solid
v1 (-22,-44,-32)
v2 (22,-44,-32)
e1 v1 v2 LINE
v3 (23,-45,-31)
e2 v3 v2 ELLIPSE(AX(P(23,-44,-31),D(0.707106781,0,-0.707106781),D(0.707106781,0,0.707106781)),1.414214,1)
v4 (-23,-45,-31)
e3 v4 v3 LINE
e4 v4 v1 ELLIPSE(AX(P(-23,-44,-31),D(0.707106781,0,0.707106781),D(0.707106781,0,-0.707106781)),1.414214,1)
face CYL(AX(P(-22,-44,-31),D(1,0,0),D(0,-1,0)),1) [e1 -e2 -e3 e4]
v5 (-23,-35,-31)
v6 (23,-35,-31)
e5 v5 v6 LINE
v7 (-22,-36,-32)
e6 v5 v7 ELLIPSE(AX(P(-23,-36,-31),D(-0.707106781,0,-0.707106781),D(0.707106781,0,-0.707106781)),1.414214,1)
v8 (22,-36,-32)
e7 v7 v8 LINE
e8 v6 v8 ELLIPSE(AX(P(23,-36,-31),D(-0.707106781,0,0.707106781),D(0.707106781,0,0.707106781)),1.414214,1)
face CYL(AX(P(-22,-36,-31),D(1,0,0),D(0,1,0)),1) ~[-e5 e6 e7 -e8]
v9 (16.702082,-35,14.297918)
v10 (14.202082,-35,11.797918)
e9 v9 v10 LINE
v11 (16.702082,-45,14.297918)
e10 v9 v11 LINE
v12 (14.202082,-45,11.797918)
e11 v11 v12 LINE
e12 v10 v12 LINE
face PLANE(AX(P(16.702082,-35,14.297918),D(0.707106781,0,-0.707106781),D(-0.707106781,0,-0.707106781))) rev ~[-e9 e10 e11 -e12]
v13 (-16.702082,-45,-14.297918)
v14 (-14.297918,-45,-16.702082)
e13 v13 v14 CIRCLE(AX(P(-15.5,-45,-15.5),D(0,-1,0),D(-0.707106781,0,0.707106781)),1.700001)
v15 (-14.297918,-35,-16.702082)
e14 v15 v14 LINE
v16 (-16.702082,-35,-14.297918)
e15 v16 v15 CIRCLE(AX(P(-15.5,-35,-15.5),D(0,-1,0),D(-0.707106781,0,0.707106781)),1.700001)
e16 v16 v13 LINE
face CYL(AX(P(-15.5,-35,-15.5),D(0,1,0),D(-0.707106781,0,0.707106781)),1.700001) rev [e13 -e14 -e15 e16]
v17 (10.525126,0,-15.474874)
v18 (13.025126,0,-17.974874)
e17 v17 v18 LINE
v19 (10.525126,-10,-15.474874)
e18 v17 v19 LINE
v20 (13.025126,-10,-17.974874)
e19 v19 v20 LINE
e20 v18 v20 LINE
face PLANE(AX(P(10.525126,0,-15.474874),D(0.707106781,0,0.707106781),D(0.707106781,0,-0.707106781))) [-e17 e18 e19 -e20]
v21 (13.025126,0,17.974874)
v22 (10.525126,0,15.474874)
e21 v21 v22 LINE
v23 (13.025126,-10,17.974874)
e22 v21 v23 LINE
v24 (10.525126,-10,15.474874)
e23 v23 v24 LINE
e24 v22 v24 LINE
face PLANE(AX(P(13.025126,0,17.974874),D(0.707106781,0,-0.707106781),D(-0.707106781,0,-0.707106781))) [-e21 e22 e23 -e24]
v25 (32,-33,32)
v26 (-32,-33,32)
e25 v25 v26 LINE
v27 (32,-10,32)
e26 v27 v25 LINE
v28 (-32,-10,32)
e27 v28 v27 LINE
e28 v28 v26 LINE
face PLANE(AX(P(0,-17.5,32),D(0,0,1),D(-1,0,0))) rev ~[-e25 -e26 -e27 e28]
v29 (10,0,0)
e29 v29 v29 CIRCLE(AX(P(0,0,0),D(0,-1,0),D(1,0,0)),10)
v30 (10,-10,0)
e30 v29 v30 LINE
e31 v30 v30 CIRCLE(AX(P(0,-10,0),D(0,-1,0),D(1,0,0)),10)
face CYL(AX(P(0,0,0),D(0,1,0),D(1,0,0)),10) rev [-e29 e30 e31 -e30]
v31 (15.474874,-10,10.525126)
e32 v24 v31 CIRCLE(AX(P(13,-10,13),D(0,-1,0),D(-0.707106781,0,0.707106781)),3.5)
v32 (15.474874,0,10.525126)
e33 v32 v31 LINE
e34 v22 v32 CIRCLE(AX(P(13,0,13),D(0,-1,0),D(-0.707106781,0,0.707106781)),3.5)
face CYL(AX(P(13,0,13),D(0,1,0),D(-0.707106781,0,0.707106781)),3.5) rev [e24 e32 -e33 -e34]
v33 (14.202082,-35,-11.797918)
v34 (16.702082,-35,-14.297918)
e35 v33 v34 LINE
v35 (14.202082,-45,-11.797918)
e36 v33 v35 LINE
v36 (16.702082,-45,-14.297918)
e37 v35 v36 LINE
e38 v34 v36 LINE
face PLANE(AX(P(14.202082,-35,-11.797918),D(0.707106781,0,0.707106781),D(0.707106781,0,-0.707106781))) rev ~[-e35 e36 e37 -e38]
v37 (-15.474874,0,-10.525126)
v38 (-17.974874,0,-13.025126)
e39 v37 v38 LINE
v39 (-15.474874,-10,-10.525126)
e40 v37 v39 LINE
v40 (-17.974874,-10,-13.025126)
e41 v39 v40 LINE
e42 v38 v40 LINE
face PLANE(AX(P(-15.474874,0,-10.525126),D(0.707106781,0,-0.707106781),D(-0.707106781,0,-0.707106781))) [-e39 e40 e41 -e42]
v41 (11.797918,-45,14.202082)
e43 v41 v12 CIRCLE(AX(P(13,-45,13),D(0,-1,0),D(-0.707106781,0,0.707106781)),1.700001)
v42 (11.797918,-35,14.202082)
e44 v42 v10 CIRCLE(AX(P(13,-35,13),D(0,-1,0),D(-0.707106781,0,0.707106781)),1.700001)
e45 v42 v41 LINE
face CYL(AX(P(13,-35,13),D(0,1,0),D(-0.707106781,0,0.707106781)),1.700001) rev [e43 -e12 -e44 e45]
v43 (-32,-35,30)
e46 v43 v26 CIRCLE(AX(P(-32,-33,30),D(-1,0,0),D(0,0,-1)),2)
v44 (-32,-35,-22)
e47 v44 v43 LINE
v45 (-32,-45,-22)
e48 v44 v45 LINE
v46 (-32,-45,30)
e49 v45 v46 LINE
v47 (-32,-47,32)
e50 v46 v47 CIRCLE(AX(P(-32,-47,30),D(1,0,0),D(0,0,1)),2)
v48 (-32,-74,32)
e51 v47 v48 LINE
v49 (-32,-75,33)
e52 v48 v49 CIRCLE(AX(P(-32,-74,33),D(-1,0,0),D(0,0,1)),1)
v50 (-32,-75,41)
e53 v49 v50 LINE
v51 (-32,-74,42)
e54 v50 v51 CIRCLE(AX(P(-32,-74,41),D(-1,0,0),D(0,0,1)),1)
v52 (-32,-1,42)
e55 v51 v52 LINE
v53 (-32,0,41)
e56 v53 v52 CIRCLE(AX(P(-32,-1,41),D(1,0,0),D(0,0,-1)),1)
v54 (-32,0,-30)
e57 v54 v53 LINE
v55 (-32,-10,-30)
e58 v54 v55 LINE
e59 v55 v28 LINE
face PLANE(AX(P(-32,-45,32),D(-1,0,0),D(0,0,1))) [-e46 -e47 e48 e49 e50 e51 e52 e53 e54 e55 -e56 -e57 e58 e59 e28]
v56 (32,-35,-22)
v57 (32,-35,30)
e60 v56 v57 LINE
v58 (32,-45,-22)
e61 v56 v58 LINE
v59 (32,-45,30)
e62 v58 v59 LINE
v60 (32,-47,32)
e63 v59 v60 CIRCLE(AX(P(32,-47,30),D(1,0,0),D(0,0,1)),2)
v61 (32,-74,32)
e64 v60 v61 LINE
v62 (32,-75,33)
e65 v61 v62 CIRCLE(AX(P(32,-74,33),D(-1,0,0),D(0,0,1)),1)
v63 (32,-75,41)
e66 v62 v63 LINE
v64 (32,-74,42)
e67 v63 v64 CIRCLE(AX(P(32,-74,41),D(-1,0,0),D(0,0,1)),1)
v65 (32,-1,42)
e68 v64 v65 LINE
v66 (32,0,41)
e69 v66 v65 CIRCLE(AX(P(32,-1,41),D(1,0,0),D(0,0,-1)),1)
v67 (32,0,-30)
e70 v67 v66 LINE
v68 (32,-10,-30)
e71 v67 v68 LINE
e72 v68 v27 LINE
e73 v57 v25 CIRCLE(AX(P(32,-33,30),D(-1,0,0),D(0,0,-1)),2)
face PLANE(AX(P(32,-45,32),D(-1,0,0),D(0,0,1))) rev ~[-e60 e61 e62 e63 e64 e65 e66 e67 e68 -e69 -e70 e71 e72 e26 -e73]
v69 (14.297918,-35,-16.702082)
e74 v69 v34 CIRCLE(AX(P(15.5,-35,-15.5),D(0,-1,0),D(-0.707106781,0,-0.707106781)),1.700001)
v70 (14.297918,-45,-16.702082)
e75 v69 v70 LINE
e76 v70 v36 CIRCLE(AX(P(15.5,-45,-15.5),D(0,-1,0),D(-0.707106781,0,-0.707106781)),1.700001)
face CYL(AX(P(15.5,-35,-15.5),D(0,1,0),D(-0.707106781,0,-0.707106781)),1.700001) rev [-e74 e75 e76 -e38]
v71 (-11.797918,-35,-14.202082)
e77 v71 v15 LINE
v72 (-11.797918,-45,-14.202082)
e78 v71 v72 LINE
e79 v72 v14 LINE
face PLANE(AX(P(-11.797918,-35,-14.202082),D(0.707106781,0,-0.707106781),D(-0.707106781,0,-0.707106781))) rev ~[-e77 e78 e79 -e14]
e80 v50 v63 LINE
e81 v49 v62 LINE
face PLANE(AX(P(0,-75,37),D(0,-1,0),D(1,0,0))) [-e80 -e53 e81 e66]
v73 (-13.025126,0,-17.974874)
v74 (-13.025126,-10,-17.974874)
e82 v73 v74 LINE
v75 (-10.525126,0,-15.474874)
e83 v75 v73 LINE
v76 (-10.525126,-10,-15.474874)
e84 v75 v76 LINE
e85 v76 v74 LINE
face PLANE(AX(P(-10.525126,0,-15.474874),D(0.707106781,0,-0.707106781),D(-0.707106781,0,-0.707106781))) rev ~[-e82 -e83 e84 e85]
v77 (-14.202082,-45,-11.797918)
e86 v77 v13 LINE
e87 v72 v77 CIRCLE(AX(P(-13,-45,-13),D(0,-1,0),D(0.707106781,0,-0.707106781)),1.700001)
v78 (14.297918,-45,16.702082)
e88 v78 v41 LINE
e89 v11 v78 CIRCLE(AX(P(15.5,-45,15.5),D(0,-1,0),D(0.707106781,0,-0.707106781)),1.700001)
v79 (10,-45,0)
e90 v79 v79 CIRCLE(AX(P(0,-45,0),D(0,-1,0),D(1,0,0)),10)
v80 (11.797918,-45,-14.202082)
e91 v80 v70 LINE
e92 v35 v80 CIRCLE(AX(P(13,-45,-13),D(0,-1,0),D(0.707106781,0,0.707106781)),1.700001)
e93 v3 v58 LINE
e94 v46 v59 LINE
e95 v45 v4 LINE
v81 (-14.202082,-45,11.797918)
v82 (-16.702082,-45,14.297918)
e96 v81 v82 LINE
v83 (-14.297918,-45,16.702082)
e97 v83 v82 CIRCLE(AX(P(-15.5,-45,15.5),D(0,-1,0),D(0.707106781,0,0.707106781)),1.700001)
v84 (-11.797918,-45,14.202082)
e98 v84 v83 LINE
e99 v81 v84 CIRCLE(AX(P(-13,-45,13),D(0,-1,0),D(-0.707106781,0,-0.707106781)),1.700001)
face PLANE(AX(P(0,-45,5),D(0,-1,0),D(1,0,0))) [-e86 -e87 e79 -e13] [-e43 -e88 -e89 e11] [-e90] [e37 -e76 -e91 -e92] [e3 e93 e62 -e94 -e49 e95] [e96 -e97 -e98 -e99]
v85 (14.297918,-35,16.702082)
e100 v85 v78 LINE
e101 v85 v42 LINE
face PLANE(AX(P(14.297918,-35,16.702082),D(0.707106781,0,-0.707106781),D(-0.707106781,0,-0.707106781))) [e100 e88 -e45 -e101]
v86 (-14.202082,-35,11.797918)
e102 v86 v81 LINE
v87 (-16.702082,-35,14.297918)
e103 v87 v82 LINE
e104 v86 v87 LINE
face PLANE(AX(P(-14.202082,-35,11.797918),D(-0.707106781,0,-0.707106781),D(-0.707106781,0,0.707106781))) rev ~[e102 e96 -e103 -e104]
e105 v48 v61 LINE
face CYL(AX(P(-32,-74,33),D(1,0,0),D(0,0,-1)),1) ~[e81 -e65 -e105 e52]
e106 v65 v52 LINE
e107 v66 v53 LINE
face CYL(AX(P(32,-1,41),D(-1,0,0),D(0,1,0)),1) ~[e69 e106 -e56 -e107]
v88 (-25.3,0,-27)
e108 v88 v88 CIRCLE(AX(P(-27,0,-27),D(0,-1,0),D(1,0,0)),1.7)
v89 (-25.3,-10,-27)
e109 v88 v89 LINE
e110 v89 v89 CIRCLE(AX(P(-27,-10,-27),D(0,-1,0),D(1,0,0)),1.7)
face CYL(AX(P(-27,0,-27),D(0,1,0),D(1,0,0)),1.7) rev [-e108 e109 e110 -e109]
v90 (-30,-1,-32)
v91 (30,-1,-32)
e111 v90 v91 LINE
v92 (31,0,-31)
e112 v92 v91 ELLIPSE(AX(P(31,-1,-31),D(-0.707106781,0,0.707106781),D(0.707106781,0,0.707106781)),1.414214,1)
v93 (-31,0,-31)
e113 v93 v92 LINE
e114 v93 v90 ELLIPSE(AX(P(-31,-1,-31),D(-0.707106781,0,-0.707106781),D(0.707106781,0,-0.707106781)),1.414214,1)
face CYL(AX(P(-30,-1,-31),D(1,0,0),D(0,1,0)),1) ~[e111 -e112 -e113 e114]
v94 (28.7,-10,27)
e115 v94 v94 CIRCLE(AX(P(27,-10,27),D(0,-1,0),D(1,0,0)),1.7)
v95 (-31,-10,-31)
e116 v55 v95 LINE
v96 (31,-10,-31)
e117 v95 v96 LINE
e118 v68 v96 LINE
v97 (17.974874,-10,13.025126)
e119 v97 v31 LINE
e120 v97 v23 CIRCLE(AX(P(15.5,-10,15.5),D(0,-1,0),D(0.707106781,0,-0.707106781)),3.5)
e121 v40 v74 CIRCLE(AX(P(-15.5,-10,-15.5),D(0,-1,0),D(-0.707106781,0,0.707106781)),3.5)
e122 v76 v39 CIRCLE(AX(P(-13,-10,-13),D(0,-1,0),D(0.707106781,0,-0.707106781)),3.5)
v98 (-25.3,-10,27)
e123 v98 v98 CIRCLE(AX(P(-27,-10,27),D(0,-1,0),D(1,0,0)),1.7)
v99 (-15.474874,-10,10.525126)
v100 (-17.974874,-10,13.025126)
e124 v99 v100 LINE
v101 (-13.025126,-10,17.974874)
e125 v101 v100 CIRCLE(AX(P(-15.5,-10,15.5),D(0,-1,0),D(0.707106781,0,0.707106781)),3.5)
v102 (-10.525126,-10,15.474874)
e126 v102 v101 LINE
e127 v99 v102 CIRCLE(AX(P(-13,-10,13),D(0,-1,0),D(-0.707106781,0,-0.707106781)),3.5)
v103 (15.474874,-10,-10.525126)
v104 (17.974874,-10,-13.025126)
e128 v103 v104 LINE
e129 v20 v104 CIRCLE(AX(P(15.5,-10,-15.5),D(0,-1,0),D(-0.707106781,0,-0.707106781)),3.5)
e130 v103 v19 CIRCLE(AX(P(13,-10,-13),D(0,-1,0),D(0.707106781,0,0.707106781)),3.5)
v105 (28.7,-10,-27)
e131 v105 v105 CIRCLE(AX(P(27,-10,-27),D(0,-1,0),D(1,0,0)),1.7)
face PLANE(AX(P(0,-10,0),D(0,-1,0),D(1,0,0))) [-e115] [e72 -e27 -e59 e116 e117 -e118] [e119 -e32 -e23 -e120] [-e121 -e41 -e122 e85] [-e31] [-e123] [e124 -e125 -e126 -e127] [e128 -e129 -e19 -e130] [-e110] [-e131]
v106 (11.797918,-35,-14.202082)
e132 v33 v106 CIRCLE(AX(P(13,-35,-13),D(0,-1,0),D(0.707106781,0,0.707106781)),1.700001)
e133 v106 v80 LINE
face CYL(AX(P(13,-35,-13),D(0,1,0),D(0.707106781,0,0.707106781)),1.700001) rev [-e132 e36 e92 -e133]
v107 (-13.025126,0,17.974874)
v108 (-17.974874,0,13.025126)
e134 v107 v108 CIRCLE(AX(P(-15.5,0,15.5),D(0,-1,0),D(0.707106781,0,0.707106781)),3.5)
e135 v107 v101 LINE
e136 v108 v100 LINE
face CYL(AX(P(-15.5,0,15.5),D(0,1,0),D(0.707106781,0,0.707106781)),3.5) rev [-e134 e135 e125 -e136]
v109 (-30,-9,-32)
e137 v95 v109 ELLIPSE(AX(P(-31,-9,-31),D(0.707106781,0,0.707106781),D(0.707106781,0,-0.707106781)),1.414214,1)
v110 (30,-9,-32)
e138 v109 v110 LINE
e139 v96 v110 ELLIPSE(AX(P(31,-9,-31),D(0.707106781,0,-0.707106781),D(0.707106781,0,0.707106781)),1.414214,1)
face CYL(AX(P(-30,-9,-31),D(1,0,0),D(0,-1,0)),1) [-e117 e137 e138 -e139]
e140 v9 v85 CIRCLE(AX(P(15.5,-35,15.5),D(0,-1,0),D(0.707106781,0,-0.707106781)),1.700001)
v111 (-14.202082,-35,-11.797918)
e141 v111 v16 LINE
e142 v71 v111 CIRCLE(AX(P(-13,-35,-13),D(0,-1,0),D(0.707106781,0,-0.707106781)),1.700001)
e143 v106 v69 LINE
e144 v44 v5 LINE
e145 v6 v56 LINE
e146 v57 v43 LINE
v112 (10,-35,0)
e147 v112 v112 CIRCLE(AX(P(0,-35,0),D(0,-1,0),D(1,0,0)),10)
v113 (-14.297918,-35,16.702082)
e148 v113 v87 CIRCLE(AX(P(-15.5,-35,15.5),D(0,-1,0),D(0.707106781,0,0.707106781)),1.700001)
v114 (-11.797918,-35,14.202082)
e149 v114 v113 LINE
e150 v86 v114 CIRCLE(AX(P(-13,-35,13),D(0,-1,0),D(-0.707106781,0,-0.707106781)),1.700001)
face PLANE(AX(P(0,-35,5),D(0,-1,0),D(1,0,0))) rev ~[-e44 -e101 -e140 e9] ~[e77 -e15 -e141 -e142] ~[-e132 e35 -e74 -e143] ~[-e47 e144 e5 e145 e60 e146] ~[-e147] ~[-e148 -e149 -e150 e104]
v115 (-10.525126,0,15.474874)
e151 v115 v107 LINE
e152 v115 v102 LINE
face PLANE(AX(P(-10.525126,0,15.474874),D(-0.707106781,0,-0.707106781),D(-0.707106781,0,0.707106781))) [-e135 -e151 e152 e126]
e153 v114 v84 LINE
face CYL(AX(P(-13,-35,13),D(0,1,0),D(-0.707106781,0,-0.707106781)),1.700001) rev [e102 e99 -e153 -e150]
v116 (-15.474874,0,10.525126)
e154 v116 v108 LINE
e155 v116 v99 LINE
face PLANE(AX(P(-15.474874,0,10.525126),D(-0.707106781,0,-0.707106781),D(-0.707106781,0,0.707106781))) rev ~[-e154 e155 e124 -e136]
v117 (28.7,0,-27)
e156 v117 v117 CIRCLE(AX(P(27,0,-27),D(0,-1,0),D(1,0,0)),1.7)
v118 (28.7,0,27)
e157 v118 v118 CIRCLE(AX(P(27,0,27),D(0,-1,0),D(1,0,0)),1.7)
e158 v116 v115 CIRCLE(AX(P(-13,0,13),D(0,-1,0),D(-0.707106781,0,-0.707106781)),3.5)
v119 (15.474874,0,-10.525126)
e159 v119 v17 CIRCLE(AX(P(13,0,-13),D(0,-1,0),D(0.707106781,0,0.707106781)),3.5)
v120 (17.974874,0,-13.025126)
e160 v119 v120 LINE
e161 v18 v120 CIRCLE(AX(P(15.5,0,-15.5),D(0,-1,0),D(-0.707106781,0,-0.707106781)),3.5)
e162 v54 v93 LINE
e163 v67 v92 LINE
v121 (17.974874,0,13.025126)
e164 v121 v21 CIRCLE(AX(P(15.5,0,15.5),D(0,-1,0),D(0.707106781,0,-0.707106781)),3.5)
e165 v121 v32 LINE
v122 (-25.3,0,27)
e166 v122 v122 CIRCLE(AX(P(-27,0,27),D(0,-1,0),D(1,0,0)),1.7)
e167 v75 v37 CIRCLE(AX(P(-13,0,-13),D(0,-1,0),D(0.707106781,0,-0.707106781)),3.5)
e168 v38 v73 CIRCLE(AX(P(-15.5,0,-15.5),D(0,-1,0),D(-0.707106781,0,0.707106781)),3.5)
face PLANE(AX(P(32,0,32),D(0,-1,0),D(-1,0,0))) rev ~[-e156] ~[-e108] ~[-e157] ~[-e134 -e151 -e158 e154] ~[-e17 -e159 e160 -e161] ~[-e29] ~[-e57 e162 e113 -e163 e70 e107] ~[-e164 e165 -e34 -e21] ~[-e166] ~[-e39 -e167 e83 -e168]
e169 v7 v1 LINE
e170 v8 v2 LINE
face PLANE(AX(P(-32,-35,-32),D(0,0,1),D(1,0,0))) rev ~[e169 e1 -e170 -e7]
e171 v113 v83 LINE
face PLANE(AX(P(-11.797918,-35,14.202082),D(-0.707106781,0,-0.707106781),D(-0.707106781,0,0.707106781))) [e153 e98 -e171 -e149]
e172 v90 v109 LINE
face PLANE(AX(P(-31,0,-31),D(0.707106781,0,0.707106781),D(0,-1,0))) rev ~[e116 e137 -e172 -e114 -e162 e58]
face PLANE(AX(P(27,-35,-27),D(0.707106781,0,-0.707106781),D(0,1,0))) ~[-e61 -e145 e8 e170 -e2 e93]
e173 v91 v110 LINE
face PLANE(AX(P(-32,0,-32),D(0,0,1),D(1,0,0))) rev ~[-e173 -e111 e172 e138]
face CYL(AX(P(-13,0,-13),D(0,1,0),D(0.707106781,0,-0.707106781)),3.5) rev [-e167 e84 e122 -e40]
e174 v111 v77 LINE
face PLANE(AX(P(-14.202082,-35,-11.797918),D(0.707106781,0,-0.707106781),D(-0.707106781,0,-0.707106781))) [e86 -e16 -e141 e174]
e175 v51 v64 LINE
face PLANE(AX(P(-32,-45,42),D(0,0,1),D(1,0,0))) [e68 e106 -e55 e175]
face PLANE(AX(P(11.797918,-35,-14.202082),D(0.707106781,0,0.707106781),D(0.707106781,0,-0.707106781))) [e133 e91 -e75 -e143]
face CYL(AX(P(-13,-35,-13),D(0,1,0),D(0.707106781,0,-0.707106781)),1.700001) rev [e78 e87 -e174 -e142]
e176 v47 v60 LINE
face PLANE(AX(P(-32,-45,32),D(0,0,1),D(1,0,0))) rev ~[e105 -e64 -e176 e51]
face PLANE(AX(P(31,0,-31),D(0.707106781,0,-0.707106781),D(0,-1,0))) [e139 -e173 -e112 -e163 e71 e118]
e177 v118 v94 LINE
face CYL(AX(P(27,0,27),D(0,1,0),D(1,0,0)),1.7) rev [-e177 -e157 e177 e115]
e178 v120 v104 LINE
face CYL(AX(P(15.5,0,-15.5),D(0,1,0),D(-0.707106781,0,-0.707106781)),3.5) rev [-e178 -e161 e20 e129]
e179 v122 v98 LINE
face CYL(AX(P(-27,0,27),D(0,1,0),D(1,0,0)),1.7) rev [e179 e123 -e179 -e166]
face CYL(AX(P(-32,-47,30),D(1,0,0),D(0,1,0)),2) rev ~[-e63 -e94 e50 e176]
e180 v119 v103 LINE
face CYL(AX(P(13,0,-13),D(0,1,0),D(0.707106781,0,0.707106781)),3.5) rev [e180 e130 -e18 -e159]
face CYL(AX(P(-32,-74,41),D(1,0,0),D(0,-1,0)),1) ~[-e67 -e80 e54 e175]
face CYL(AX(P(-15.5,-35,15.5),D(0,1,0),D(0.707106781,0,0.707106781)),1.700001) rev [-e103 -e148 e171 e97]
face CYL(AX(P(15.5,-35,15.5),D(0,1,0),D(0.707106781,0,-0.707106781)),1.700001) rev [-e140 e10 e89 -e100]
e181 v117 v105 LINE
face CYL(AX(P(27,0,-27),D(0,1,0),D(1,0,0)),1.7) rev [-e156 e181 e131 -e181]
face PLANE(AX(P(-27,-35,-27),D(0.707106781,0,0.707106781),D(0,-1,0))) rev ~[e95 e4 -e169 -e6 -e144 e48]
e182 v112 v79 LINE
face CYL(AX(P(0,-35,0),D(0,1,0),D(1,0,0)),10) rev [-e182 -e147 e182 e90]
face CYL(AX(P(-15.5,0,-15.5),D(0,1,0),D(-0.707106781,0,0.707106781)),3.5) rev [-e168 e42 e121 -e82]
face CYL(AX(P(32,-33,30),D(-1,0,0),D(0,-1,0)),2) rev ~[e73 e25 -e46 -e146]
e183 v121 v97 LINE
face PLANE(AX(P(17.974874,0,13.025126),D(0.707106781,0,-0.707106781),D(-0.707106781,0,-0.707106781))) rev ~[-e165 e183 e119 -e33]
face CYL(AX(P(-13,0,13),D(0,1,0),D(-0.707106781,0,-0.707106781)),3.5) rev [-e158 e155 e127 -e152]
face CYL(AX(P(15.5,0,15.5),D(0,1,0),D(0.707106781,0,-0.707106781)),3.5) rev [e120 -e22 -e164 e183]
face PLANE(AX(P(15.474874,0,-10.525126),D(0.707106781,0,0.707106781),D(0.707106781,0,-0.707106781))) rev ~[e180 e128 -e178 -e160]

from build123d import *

# Parameters (mm, degrees)
SKETCH_W        = 64
SKETCH_H        = 64
SKETCH_R        = 10
SKETCH_R_2      = 1.7
PAD_DEPTH       = 10
SKETCH001_W     = 64
SKETCH001_H     = 35
PAD001_DEPTH    = 10
SKETCH002_W     = 64
SKETCH002_H     = 74
SKETCH002_R     = 10
PAD002_DEPTH    = 10
SKETCH003_W     = 64
SKETCH003_H     = 10
PAD003_DEPTH    = 30
CHAMFER_SIZE    = 2
CHAMFER001_SIZE = 10
FILLET_R        = 2
FILLET001_R     = 1


with BuildPart() as part:
    # Sketch → Pad (new body)
    with BuildSketch(Plane.XZ):
        Rectangle(SKETCH_W, SKETCH_H)
        Circle(SKETCH_R, mode=Mode.SUBTRACT)
        with Locations((27, 27)):
            Circle(SKETCH_R_2, mode=Mode.SUBTRACT)
        with Locations((-27, -27)):
            Circle(SKETCH_R_2, mode=Mode.SUBTRACT)
        with Locations((-27, 27)):
            Circle(SKETCH_R_2, mode=Mode.SUBTRACT)
        with Locations((27, -27)):
            Circle(SKETCH_R_2, mode=Mode.SUBTRACT)
        with BuildLine():
            ThreePointArc((10.525126, 15.474874), (10.525126, 10.525126), (15.474874, 10.525126))
            Line((17.974874, 13.025126), (15.474874, 10.525126))
            ThreePointArc((17.974874, 13.025126), (17.974874, 17.974874), (13.025126, 17.974874))
            Line((13.025126, 17.974874), (10.525126, 15.474874))
        make_face(mode=Mode.SUBTRACT)
        with BuildLine():
            ThreePointArc((-13.025126, 17.974874), (-17.974874, 17.974874), (-17.974874, 13.025126))
            Line((-15.474874, 10.525126), (-17.974874, 13.025126))
            ThreePointArc((-15.474874, 10.525126), (-10.525126, 10.525126), (-10.525126, 15.474874))
            Line((-10.525126, 15.474874), (-13.025126, 17.974874))
        make_face(mode=Mode.SUBTRACT)
        with BuildLine():
            ThreePointArc((13.025126, -17.974874), (17.974874, -17.974874), (17.974874, -13.025126))
            Line((15.474874, -10.525126), (17.974874, -13.025126))
            ThreePointArc((15.474874, -10.525126), (10.525126, -10.525126), (10.525126, -15.474874))
            Line((10.525126, -15.474874), (13.025126, -17.974874))
        make_face(mode=Mode.SUBTRACT)
        with BuildLine():
            ThreePointArc((-17.974874, -13.025126), (-17.974874, -17.974874), (-13.025126, -17.974874))
            Line((-10.525126, -15.474874), (-13.025126, -17.974874))
            ThreePointArc((-10.525126, -15.474874), (-10.525126, -10.525126), (-15.474874, -10.525126))
            Line((-15.474874, -10.525126), (-17.974874, -13.025126))
        make_face(mode=Mode.SUBTRACT)
    extrude(amount=PAD_DEPTH)

    # Sketch001 (on Face3 of Pad) → Pad001 (join)
    with BuildSketch(Plane(origin=(0, 0, 32), x_dir=(-1, 0, 0), z_dir=(0, 0, 1))):
        with Locations((0, 17.5)):
            Rectangle(SKETCH001_W, SKETCH001_H)
    extrude(amount=PAD001_DEPTH)

    # Sketch002 (on Face31 of Pad001) → Pad002 (join)
    with BuildSketch(Plane.XZ.offset(35)):
        with Locations((0, 5)):
            Rectangle(SKETCH002_W, SKETCH002_H)
        Circle(SKETCH002_R, mode=Mode.SUBTRACT)
        with BuildLine():
            ThreePointArc((11.797918, 14.202082), (11.797918, 11.797918), (14.202082, 11.797918))
            Line((16.702082, 14.297918), (14.202082, 11.797918))
            ThreePointArc((16.702082, 14.297918), (16.702082, 16.702082), (14.297918, 16.702082))
            Line((14.297918, 16.702082), (11.797918, 14.202082))
        make_face(mode=Mode.SUBTRACT)
        with BuildLine():
            ThreePointArc((14.297918, -16.702082), (16.702082, -16.702082), (16.702082, -14.297918))
            Line((14.202082, -11.797918), (16.702082, -14.297918))
            ThreePointArc((14.202082, -11.797918), (11.797918, -11.797918), (11.797918, -14.202082))
            Line((11.797918, -14.202082), (14.297918, -16.702082))
        make_face(mode=Mode.SUBTRACT)
        with BuildLine():
            ThreePointArc((-14.297918, 16.702082), (-16.702082, 16.702082), (-16.702082, 14.297918))
            Line((-14.202082, 11.797918), (-16.702082, 14.297918))
            ThreePointArc((-14.202082, 11.797918), (-11.797918, 11.797918), (-11.797918, 14.202082))
            Line((-11.797918, 14.202082), (-14.297918, 16.702082))
        make_face(mode=Mode.SUBTRACT)
        with BuildLine():
            ThreePointArc((-16.702082, -14.297918), (-16.702082, -16.702082), (-14.297918, -16.702082))
            Line((-11.797918, -14.202082), (-14.297918, -16.702082))
            ThreePointArc((-11.797918, -14.202082), (-11.797918, -11.797918), (-14.202082, -11.797918))
            Line((-14.202082, -11.797918), (-16.702082, -14.297918))
        make_face(mode=Mode.SUBTRACT)
    extrude(amount=PAD002_DEPTH)

    # Sketch003 (on Face37 of Pad002) → Pad003 (join)
    with BuildSketch(Plane.XZ.offset(45)):
        with Locations((0, 37)):
            Rectangle(SKETCH003_W, SKETCH003_H)
    extrude(amount=PAD003_DEPTH)

    # Chamfer
    chamfer_edges = [part.edges().sort_by_distance(p)[0] for p in [
        (32, -5, -32),
        (-32, -5, -32),
    ]]
    chamfer(chamfer_edges, length=CHAMFER_SIZE)

    # Chamfer001
    chamfer001_edges = [part.edges().sort_by_distance(p)[0] for p in [
        (-32, -40, -32),
        (32, -40, -32),
    ]]
    chamfer(chamfer001_edges, length=CHAMFER001_SIZE)

    # Fillet
    fillet_edges = [part.edges().sort_by_distance(p)[0] for p in [
        (0, -35, 32),
        (0, -45, 32),
    ]]
    fillet(fillet_edges, radius=FILLET_R)

    # Fillet001
    fillet001_edges = [part.edges().sort_by_distance(p)[0] for p in [
        (0, -75, 42),
        (0, -75, 32),
        (0, 0, 42),
        (0, -35, -32),
        (0, 0, -32),
        (0, -45, -32),
        (0, -10, -32),
    ]]
    fillet(fillet001_edges, radius=FILLET001_R)


solid = part.part
